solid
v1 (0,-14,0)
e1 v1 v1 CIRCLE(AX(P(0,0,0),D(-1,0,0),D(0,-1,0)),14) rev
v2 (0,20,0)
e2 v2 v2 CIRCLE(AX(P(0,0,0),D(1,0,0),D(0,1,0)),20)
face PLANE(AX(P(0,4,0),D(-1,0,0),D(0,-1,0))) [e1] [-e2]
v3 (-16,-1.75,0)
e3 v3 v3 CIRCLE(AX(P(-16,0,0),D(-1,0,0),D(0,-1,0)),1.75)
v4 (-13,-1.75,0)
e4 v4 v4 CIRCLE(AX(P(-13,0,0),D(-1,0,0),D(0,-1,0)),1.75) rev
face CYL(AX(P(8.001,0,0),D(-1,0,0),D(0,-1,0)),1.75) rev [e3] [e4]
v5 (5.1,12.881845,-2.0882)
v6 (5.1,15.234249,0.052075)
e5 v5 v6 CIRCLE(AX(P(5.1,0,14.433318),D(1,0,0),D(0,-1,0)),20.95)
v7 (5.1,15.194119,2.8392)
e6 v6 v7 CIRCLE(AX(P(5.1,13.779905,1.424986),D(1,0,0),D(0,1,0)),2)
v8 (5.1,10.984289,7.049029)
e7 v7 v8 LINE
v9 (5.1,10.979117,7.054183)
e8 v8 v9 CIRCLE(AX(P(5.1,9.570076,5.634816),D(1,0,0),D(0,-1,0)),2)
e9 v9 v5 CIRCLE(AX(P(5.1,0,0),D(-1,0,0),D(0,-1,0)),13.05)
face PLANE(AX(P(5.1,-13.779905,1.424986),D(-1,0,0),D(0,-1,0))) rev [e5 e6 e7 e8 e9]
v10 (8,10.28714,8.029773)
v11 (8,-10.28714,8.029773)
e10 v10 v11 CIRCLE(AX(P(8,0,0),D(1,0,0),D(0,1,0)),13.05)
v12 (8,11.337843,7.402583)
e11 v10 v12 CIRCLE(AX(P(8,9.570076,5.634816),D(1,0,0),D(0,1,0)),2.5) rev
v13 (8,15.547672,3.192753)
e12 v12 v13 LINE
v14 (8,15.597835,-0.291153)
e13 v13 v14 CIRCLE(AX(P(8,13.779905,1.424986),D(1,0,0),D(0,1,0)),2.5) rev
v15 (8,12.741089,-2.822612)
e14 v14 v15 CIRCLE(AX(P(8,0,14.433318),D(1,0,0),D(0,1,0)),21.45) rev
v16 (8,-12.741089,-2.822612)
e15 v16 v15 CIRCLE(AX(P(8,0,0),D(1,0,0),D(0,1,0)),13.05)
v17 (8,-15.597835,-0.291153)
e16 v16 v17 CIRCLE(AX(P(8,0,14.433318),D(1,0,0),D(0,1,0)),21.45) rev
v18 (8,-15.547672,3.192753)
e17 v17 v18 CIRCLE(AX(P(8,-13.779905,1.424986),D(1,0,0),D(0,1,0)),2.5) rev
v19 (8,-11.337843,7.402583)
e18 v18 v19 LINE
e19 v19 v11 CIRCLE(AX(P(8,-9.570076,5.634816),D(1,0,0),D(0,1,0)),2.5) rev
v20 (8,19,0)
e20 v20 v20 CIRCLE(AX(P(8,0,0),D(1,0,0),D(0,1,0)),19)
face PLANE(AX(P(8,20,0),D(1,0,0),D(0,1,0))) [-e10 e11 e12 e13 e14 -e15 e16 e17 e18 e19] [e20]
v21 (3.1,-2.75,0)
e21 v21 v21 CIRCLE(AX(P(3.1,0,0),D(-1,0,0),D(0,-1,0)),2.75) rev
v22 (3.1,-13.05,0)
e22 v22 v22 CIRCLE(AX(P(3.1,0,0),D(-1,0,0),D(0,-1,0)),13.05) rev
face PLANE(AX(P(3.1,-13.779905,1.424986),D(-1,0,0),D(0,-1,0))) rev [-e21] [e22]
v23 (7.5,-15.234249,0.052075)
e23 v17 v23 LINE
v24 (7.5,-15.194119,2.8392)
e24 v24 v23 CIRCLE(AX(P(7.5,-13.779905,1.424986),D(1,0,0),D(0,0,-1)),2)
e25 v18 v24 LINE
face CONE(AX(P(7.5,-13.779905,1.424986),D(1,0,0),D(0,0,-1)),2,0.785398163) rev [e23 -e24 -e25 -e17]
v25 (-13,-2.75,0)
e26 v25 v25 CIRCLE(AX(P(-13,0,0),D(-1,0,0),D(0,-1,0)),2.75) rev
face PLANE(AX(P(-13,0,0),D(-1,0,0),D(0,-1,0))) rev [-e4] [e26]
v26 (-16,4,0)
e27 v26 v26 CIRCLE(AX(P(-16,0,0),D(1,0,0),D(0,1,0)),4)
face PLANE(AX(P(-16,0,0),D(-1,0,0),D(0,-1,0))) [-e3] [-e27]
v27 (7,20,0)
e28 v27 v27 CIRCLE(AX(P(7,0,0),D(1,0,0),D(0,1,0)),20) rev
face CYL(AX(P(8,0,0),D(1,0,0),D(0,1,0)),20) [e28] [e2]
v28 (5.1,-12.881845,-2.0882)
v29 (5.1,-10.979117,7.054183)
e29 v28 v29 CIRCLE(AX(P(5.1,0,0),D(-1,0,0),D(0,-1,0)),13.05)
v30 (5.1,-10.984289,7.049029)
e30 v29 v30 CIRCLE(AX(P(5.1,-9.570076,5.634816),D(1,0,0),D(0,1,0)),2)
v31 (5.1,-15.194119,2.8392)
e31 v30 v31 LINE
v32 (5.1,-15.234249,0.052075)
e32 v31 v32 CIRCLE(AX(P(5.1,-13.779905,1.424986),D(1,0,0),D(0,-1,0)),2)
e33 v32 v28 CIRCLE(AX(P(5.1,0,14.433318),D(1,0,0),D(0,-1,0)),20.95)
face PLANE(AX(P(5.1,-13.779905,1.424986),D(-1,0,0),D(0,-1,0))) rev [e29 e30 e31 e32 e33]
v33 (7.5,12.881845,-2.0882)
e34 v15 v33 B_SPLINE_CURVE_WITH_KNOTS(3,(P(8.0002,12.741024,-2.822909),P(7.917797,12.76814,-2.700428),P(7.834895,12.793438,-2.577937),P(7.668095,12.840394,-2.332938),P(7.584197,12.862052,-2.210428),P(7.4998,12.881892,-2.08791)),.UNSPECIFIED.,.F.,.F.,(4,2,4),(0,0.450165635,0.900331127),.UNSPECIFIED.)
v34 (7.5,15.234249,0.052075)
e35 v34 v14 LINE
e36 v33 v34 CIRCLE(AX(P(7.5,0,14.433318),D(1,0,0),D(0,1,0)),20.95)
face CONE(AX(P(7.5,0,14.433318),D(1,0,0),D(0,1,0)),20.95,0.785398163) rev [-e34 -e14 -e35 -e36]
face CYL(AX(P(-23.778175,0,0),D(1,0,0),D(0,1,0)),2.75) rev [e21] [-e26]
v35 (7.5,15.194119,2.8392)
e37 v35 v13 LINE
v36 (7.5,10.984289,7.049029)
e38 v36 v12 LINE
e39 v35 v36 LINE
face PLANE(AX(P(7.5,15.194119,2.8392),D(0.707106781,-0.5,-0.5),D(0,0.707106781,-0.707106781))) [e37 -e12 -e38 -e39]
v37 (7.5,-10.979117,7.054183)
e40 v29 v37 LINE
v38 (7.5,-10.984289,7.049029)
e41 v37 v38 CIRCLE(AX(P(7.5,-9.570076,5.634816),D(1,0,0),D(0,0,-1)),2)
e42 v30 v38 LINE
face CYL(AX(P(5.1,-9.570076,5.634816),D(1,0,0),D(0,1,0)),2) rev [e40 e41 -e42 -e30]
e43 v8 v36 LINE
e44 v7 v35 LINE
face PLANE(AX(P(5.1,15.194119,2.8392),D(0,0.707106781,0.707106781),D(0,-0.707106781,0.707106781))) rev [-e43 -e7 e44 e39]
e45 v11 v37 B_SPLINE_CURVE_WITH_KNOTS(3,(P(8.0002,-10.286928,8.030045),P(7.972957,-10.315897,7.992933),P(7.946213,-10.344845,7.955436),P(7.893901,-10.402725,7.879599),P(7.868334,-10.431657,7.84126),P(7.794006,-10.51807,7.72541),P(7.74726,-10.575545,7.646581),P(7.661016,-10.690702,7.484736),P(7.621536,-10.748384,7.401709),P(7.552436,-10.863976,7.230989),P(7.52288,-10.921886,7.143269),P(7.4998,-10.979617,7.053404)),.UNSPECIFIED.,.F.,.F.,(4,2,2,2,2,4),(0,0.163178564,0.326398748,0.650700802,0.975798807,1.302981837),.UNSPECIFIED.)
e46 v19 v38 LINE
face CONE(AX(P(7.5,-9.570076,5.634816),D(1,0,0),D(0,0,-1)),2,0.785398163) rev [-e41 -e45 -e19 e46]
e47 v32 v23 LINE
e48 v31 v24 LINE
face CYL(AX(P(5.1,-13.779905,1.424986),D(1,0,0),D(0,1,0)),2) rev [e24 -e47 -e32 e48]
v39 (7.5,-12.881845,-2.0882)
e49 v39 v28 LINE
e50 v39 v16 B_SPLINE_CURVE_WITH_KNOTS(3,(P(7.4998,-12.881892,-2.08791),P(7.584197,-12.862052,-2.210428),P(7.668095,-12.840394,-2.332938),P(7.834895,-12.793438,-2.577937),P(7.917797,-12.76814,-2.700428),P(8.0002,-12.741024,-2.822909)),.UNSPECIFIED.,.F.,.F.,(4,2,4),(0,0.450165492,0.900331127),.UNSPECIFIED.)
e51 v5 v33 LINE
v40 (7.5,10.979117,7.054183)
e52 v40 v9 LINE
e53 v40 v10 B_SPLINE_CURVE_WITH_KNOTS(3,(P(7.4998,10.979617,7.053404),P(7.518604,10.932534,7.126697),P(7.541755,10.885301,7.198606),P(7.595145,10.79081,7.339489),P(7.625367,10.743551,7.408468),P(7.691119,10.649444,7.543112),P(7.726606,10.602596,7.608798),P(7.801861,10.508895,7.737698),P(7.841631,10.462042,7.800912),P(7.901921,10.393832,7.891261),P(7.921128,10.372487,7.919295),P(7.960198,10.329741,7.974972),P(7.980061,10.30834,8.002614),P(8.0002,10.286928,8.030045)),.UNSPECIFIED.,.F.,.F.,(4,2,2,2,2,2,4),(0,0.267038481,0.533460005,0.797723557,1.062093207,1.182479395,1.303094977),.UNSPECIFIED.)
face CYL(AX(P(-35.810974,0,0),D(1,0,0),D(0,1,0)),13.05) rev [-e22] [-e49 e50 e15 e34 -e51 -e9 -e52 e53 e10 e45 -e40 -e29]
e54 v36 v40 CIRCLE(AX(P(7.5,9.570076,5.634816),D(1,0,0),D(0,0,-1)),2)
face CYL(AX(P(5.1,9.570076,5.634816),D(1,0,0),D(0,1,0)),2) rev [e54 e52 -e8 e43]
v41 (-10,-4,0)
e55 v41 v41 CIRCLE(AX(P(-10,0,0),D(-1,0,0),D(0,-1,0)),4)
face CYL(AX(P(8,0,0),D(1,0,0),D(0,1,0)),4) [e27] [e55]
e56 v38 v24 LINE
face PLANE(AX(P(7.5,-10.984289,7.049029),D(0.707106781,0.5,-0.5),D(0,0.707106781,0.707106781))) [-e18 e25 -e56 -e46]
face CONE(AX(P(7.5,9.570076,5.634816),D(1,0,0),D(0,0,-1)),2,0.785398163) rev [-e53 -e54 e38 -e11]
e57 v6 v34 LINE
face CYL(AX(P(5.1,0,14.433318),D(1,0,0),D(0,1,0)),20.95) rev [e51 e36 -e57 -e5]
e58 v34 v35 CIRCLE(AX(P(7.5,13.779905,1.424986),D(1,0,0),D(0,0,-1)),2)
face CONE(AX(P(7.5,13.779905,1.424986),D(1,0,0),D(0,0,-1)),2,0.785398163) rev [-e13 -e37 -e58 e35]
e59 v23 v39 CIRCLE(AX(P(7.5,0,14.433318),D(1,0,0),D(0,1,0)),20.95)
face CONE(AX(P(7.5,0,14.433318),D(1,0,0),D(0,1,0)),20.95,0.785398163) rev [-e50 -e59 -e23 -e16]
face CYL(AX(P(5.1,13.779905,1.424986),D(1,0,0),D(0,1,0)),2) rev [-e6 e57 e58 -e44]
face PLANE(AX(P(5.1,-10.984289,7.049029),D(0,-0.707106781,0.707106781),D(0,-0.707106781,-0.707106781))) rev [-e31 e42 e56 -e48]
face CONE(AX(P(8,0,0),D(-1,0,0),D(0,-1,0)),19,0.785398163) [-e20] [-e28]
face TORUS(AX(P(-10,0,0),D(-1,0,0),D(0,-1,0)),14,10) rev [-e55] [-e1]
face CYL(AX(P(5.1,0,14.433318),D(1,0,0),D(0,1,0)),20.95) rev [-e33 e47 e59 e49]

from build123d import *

# Parameters (mm, degrees)
CORTAR_EXTRUIR1_DEPTH = 2.9
REDONDEO1_R           = 10
CORTAR_EXTRUIR2_REACH = 39.094
CROQUIS3_R            = 1.75
CROQUIS4_R            = 2.75
CORTAR_EXTRUIR3_DEPTH = 18.1
CHAFL_N1_SIZE         = 1
CHAFL_N2_SIZE         = 0.5
CROQUIS5_R            = 13.05
CORTAR_EXTRUIR4_DEPTH = 4.9


with BuildPart() as part:
    # Croquis1 → Revolución1 (revolve)
    with BuildSketch(Plane.XY):
        Polygon((-16, 0), (-16, 4), (0, 4), (0, 20), (8, 20), (8, 0), align=None)
    revolve(axis=Axis((8, 0, 0), (-1, 0, 0)))

    # Croquis2 → Cortar-Extruir1 (cut)
    with BuildSketch(Plane(origin=(8, 0, 0), x_dir=(0, 0, -1), z_dir=(1, 0, 0))):
        with BuildLine():
            Line((-2.839199656, 15.194118815), (-7.049029232, 10.984289239))
            ThreePointArc((-7.049029232, 10.984289239), (-7.634375098, 9.528098398), (-6.988431485, 8.097756342))
            ThreePointArc((-6.988431485, 8.097756342), (-3.433318471, 0), (-6.988431485, -8.097756342))
            ThreePointArc((-6.988431485, -8.097756342), (-7.634375098, -9.528098398), (-7.049029232, -10.984289239))
            Line((-7.049029232, -10.984289239), (-2.839199656, -15.194118815))
            ThreePointArc((-2.839199656, -15.194118815), (-1.453779812, -15.779697972), (-0.052075025, -15.234248815))
            ThreePointArc((-0.052075025, -15.234248815), (6.516681529, 0), (-0.052075025, 15.234248815))
            ThreePointArc((-0.052075025, 15.234248815), (-1.453779812, 15.779697972), (-2.839199656, 15.194118815))
        make_face()
    extrude(amount=-CORTAR_EXTRUIR1_DEPTH, mode=Mode.SUBTRACT)

    # Redondeo1
    redondeo1_edges = [part.edges().sort_by_distance(p)[0] for p in [
        (0, -4, 0),
    ]]
    fillet(redondeo1_edges, radius=REDONDEO1_R)

    # Croquis3 → Cortar-Extruir2 (cut, up to next)
    with BuildSketch(Plane.ZY.offset(16), mode=Mode.PRIVATE) as cortar_extruir2_sk1:
        with Locations(Location((0, 0, 0), (0, 0, 270))):
            Circle(CROQUIS3_R)
    cortar_extruir2_tool1 = extrude(cortar_extruir2_sk1.sketch, amount=-CORTAR_EXTRUIR2_REACH, mode=Mode.PRIVATE) & part.part
    add(cortar_extruir2_tool1.solids().sort_by_distance((-16, 0, 0))[0], mode=Mode.SUBTRACT)

    # Croquis4 → Cortar-Extruir3 (cut)
    with BuildSketch(Plane(origin=(5.1, 0, 0), x_dir=(0, 0, -1), z_dir=(1, 0, 0))):
        with Locations(Location((0, 0, 0), (0, 0, 90))):
            Circle(CROQUIS4_R)
    extrude(amount=-CORTAR_EXTRUIR3_DEPTH, mode=Mode.SUBTRACT)

    # Chaflán1
    chafl_n1_edges = [part.edges().sort_by_distance(p)[0] for p in [
        (8, -20, 0),
    ]]
    chamfer(chafl_n1_edges, length=CHAFL_N1_SIZE)

    # Chaflán2
    chafl_n2_edges = [part.edges().sort_by_distance(p)[0] for p in [
        (8, -15.779697972, 1.453779812),
        (8, 0, -6.516681529),
        (8, 15.779697972, 1.453779812),
        (8, 13.089204027, 4.944114444),
        (8, 9.528098398, 7.634375098),
        (8, 0, 3.433318471),
        (8, -9.528098398, 7.634375098),
        (8, -13.089204027, 4.944114444),
    ]]
    chamfer(chafl_n2_edges, length=CHAFL_N2_SIZE)

    # Croquis5 → Cortar-Extruir4 (cut)
    with BuildSketch(Plane(origin=(8, 0, 0), x_dir=(0, 0, -1), z_dir=(1, 0, 0))):
        with Locations(Location((0, 0, 0), (0, 0, 80.792213194))):
            Circle(CROQUIS5_R)
    extrude(amount=-CORTAR_EXTRUIR4_DEPTH, mode=Mode.SUBTRACT)


solid = part.part
